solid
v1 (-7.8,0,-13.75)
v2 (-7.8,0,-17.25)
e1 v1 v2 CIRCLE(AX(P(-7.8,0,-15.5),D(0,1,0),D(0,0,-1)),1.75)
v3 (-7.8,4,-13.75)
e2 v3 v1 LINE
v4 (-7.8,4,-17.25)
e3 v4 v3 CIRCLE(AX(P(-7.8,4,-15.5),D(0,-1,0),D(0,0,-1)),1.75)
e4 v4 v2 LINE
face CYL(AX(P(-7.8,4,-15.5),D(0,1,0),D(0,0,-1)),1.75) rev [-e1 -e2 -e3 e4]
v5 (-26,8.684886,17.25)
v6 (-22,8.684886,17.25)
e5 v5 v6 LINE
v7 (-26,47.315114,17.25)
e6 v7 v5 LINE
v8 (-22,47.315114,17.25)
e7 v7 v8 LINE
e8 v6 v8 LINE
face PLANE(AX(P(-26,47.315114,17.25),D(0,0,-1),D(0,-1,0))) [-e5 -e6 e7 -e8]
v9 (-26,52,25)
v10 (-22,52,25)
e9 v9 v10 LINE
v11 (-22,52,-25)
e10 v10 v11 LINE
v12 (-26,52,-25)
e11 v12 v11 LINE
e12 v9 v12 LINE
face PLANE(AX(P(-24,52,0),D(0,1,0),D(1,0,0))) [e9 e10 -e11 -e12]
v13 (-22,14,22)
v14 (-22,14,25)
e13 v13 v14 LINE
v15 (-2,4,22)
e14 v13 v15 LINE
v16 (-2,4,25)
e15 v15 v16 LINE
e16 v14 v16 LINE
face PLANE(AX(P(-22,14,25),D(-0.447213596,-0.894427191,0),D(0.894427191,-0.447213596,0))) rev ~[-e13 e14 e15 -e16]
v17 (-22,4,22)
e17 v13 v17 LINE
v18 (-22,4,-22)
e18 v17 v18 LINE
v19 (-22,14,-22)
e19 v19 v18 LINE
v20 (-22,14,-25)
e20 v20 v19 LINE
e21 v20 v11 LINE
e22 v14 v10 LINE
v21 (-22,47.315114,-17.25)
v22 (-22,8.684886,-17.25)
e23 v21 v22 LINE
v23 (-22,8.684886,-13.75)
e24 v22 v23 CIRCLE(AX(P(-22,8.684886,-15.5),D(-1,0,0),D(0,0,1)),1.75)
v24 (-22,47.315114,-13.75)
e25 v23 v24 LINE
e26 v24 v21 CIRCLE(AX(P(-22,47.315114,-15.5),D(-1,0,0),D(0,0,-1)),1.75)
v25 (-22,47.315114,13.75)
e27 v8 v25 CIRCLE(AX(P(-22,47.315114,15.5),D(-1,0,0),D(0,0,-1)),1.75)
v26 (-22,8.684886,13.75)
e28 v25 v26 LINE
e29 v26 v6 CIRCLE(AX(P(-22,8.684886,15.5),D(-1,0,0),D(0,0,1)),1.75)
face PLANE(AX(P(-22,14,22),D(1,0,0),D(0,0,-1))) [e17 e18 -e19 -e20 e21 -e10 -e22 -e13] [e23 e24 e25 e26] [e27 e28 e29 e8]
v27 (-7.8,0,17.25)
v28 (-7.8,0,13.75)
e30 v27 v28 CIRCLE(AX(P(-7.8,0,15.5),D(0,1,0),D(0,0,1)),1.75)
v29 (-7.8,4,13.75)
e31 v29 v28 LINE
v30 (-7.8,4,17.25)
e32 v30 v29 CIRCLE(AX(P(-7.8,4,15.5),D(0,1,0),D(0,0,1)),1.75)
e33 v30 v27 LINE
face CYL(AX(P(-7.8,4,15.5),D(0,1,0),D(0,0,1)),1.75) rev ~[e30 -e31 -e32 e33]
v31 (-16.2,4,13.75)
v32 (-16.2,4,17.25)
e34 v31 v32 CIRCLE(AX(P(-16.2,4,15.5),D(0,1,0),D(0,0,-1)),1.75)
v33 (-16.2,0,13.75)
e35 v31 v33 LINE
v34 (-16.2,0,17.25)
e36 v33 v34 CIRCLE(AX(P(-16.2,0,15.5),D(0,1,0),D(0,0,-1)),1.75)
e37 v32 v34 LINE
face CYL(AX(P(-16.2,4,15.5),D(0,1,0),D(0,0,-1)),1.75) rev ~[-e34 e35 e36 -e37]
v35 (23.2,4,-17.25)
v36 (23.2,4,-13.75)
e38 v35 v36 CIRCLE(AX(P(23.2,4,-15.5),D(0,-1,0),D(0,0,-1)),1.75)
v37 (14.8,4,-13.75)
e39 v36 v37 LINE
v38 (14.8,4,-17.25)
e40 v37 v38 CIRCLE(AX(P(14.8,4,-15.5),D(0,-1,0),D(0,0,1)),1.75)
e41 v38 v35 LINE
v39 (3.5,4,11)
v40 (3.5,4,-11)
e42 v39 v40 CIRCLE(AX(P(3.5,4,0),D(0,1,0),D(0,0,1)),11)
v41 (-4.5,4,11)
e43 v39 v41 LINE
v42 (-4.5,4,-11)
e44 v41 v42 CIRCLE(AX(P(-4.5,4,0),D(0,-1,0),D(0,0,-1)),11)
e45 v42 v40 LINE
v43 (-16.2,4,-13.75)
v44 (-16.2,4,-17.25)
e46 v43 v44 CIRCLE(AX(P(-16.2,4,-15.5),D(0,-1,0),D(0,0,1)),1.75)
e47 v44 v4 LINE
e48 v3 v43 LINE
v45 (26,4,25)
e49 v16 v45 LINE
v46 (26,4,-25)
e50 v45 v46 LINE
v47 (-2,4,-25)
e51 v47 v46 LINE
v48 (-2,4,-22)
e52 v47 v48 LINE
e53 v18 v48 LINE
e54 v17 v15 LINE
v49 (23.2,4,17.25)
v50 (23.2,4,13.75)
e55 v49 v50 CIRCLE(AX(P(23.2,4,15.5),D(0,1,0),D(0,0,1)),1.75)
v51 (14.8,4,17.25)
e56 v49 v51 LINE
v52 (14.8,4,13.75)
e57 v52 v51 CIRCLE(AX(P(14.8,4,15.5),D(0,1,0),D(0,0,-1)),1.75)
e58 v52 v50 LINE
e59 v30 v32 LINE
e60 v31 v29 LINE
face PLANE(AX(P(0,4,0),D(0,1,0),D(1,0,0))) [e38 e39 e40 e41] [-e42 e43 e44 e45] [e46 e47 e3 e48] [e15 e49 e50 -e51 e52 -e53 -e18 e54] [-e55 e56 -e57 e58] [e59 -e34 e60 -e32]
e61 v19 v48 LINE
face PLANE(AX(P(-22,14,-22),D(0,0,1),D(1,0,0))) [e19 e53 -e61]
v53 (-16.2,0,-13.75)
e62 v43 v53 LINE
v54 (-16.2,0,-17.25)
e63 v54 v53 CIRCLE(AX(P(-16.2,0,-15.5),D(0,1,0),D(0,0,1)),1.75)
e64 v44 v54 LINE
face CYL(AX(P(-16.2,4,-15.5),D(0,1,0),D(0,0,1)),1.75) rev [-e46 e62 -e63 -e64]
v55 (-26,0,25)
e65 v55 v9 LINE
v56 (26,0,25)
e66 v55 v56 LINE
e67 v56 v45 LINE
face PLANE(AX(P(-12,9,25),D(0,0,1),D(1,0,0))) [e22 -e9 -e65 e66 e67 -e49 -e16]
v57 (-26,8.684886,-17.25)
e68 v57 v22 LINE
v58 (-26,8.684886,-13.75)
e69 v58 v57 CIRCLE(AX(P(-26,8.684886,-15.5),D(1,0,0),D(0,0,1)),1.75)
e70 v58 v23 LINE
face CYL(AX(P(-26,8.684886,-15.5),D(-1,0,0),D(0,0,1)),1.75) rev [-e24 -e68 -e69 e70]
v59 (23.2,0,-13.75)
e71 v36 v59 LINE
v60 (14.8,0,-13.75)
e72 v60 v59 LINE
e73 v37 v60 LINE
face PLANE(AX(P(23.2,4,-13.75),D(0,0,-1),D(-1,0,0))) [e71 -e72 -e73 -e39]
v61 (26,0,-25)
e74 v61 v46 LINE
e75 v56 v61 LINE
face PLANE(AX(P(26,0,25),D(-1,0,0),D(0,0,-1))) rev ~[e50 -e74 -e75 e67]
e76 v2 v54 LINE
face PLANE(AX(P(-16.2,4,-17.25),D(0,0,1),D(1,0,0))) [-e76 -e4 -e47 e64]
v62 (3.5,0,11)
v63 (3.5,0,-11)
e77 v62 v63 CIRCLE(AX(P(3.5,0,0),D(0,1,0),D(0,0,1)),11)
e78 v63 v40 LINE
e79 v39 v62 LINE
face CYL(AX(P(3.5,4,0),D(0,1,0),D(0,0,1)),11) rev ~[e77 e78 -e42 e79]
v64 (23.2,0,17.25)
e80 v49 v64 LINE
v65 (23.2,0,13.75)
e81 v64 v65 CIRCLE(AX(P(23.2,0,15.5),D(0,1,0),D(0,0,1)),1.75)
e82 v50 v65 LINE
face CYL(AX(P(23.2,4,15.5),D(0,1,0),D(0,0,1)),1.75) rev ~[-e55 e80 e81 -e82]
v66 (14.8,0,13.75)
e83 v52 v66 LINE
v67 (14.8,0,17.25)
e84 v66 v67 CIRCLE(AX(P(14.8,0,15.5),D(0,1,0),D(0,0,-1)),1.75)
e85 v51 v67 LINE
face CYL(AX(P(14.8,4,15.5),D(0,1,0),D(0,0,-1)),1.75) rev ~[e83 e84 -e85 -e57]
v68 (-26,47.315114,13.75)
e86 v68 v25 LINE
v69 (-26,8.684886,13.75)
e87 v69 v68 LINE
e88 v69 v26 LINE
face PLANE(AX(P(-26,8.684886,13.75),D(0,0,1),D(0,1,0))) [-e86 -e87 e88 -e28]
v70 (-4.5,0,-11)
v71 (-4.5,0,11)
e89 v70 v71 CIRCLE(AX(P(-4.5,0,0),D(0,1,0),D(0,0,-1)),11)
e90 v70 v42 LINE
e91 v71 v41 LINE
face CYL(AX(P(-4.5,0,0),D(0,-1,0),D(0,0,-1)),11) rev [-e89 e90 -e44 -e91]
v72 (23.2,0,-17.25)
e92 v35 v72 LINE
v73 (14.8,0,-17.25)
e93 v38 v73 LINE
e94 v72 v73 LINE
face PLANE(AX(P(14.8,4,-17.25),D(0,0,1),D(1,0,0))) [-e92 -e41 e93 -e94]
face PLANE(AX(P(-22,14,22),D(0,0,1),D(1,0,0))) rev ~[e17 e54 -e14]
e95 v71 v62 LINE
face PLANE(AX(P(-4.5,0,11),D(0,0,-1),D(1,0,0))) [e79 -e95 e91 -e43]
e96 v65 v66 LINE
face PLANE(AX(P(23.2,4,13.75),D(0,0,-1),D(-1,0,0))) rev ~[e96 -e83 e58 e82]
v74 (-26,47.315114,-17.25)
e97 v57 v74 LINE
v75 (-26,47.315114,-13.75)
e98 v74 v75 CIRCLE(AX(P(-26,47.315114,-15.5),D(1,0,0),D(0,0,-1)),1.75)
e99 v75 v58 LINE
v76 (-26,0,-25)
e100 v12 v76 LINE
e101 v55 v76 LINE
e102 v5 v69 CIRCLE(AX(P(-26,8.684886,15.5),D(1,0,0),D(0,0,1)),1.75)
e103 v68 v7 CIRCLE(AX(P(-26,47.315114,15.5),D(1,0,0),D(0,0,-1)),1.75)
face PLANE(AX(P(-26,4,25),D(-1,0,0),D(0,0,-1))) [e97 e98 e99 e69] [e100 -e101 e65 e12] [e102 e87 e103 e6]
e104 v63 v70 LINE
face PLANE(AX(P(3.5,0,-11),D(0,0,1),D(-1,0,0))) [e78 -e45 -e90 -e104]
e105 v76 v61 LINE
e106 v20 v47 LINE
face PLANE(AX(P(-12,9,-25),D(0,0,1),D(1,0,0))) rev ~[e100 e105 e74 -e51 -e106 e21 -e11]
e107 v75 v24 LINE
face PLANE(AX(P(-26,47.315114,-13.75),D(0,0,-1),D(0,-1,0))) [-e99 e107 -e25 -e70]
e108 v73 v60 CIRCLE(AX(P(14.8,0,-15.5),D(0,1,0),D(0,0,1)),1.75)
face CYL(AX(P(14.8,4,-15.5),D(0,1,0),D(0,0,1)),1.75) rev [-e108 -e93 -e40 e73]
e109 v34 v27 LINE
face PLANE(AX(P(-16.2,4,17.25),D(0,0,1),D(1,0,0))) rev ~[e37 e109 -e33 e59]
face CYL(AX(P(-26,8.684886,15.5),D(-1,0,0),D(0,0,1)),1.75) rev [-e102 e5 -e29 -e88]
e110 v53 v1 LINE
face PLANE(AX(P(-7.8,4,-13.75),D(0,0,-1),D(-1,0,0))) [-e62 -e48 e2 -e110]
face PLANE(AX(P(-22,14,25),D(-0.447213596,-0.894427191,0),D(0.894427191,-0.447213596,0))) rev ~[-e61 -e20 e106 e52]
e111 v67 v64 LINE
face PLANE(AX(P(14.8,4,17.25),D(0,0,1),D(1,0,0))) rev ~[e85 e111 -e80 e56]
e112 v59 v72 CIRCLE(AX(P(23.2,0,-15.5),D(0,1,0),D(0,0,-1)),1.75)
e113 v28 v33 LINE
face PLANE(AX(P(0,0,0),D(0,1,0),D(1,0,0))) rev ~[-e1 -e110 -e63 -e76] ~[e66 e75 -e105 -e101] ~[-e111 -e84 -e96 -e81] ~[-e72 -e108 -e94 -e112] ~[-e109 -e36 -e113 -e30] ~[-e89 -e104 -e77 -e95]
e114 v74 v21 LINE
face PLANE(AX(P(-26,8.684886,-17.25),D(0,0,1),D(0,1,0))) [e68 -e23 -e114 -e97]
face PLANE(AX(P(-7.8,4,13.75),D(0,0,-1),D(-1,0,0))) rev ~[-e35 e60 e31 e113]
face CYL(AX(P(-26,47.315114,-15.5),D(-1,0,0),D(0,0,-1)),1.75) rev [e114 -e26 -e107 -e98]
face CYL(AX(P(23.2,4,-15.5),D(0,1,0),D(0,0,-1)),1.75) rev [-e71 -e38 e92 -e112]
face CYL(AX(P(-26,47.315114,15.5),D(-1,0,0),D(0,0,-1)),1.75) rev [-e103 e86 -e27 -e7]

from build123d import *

# Parameters (mm, degrees)
SKETCH1_W           = 52
SKETCH1_H           = 50
BOSS_EXTRUDE1_DEPTH = 4
SKETCH2_R           = 1.75
SKETCH2_R_2         = 11
CUT_EXTRUDE1_DEPTH  = 37.290494623
SKETCH3_W           = 4
SKETCH3_H           = 50
BOSS_EXTRUDE3_DEPTH = 48
BOSS_EXTRUDE4_START = -50
SKETCH5_W           = 20
SKETCH5_H           = 10
BOSS_EXTRUDE4_DEPTH = 50
SKETCH7_W           = 20
SKETCH7_H           = 44
CUT_EXTRUDE2_DEPTH  = 10
CUT_EXTRUDE3_DEPTH  = 77.681158051
CUT_EXTRUDE5_DEPTH  = 78.672388917
CUT_EXTRUDE6_DEPTH  = 61.041652209
CUT_EXTRUDE7_DEPTH  = 64.285069329


with BuildPart() as part:
    # Sketch1 → Boss-Extrude1 (new body)
    with BuildSketch(Plane(origin=(0, 0, 0), x_dir=(1, 0, 0), z_dir=(0, 1, 0))):
        Rectangle(SKETCH1_W, SKETCH1_H)
    extrude(amount=BOSS_EXTRUDE1_DEPTH)

    # Sketch2 → Cut-Extrude1 (cut, through all)
    with BuildSketch(Plane(origin=(0, 4, 0), x_dir=(1, 0, 0), z_dir=(0, 1, 0))):
        with Locations(Location((19, 15.5, 0), (0, 0, 270))):
            Circle(SKETCH2_R)
        with Locations(Location((-12, -15.5, 0), (0, 0, 90))):
            Circle(SKETCH2_R)
        with Locations(Location((19, -15.5, 0), (0, 0, 270))):
            Circle(SKETCH2_R)
        with Locations(Location((-12, 15.5, 0), (0, 0, 90))):
            Circle(SKETCH2_R)
        with Locations(Location((3.5, 0, 0), (0, 0, 270))):
            Circle(SKETCH2_R_2)
    extrude(amount=-CUT_EXTRUDE1_DEPTH, mode=Mode.SUBTRACT)

    # Sketch3 → Boss-Extrude3 (add)
    with BuildSketch(Plane(origin=(0, 4, 0), x_dir=(1, 0, 0), z_dir=(0, 1, 0))):
        with Locations((-24, 0)):
            Rectangle(SKETCH3_W, SKETCH3_H)
    extrude(amount=BOSS_EXTRUDE3_DEPTH)

    # Sketch5 → Boss-Extrude4 (add)
    with BuildSketch(Plane.XY.offset(25).offset(BOSS_EXTRUDE4_START)):
        with Locations((-12, 9)):
            Rectangle(SKETCH5_W, SKETCH5_H)
    extrude(amount=BOSS_EXTRUDE4_DEPTH)

    # Sketch7 → Cut-Extrude2 (cut)
    with BuildSketch(Plane(origin=(0, 14, 0), x_dir=(1, 0, 0), z_dir=(0, 1, 0))):
        with Locations((-12, 0)):
            Rectangle(SKETCH7_W, SKETCH7_H)
    extrude(amount=-CUT_EXTRUDE2_DEPTH, mode=Mode.SUBTRACT)

    # Sketch8 → Cut-Extrude3 (cut, through all)
    with BuildSketch(Plane.XY.offset(25)):
        Polygon((-22, 14), (-2, 4), (-2, 14), align=None)
    extrude(amount=-CUT_EXTRUDE3_DEPTH, mode=Mode.SUBTRACT)

    # Sketch9 → Cut-Extrude5 (cut, through all)
    with BuildSketch(Plane.ZY.offset(26)):
        with BuildLine():
            Line((-13.75, 47.315114044), (-13.75, 8.684885956))
            ThreePointArc((-13.75, 8.684885956), (-15.5, 6.934885956), (-17.25, 8.684885956))
            Line((-17.25, 8.684885956), (-17.25, 47.315114044))
            ThreePointArc((-17.25, 47.315114044), (-15.5, 49.065114044), (-13.75, 47.315114044))
        make_face()
        with BuildLine():
            Line((17.25, 47.315114044), (17.25, 8.684885956))
            ThreePointArc((17.25, 8.684885956), (15.5, 6.934885956), (13.75, 8.684885956))
            Line((13.75, 8.684885956), (13.75, 47.315114044))
            ThreePointArc((13.75, 47.315114044), (15.5, 49.065114044), (17.25, 47.315114044))
        make_face()
    extrude(amount=-CUT_EXTRUDE5_DEPTH, mode=Mode.SUBTRACT)

    # Sketch11 → Cut-Extrude6 (cut, through all)
    with BuildSketch(Plane(origin=(0, 4, 0), x_dir=(1, 0, 0), z_dir=(0, 1, 0))):
        with BuildLine():
            Line((-16.2, 17.25), (-7.8, 17.25))
            ThreePointArc((-7.8, 17.25), (-6.05, 15.5), (-7.8, 13.75))
            Line((-7.8, 13.75), (-16.2, 13.75))
            ThreePointArc((-16.2, 13.75), (-17.95, 15.5), (-16.2, 17.25))
        make_face()
        with BuildLine():
            Line((-16.2, -17.25), (-7.8, -17.25))
            ThreePointArc((-7.8, -17.25), (-6.05, -15.5), (-7.8, -13.75))
            Line((-7.8, -13.75), (-16.2, -13.75))
            ThreePointArc((-16.2, -13.75), (-17.95, -15.5), (-16.2, -17.25))
        make_face()
        with BuildLine():
            Line((23.2, 13.75), (14.8, 13.75))
            ThreePointArc((14.8, 13.75), (13.05, 15.5), (14.8, 17.25))
            Line((14.8, 17.25), (23.2, 17.25))
            ThreePointArc((23.2, 17.25), (24.95, 15.5), (23.2, 13.75))
        make_face()
        with BuildLine():
            Line((23.2, -13.75), (14.8, -13.75))
            ThreePointArc((14.8, -13.75), (13.05, -15.5), (14.8, -17.25))
            Line((14.8, -17.25), (23.2, -17.25))
            ThreePointArc((23.2, -17.25), (24.95, -15.5), (23.2, -13.75))
        make_face()
    extrude(amount=-CUT_EXTRUDE6_DEPTH, mode=Mode.SUBTRACT)

    # Sketch12 → Cut-Extrude7 (cut, through all)
    with BuildSketch(Plane.XZ):
        with BuildLine():
            Line((3.5, -11), (-4.5, -11))
            ThreePointArc((-4.5, -11), (-15.5, 0), (-4.5, 11))
            Line((-4.5, 11), (3.5, 11))
            ThreePointArc((3.5, 11), (14.5, 0), (3.5, -11))
        make_face()
    extrude(amount=-CUT_EXTRUDE7_DEPTH, mode=Mode.SUBTRACT)


solid = part.part
